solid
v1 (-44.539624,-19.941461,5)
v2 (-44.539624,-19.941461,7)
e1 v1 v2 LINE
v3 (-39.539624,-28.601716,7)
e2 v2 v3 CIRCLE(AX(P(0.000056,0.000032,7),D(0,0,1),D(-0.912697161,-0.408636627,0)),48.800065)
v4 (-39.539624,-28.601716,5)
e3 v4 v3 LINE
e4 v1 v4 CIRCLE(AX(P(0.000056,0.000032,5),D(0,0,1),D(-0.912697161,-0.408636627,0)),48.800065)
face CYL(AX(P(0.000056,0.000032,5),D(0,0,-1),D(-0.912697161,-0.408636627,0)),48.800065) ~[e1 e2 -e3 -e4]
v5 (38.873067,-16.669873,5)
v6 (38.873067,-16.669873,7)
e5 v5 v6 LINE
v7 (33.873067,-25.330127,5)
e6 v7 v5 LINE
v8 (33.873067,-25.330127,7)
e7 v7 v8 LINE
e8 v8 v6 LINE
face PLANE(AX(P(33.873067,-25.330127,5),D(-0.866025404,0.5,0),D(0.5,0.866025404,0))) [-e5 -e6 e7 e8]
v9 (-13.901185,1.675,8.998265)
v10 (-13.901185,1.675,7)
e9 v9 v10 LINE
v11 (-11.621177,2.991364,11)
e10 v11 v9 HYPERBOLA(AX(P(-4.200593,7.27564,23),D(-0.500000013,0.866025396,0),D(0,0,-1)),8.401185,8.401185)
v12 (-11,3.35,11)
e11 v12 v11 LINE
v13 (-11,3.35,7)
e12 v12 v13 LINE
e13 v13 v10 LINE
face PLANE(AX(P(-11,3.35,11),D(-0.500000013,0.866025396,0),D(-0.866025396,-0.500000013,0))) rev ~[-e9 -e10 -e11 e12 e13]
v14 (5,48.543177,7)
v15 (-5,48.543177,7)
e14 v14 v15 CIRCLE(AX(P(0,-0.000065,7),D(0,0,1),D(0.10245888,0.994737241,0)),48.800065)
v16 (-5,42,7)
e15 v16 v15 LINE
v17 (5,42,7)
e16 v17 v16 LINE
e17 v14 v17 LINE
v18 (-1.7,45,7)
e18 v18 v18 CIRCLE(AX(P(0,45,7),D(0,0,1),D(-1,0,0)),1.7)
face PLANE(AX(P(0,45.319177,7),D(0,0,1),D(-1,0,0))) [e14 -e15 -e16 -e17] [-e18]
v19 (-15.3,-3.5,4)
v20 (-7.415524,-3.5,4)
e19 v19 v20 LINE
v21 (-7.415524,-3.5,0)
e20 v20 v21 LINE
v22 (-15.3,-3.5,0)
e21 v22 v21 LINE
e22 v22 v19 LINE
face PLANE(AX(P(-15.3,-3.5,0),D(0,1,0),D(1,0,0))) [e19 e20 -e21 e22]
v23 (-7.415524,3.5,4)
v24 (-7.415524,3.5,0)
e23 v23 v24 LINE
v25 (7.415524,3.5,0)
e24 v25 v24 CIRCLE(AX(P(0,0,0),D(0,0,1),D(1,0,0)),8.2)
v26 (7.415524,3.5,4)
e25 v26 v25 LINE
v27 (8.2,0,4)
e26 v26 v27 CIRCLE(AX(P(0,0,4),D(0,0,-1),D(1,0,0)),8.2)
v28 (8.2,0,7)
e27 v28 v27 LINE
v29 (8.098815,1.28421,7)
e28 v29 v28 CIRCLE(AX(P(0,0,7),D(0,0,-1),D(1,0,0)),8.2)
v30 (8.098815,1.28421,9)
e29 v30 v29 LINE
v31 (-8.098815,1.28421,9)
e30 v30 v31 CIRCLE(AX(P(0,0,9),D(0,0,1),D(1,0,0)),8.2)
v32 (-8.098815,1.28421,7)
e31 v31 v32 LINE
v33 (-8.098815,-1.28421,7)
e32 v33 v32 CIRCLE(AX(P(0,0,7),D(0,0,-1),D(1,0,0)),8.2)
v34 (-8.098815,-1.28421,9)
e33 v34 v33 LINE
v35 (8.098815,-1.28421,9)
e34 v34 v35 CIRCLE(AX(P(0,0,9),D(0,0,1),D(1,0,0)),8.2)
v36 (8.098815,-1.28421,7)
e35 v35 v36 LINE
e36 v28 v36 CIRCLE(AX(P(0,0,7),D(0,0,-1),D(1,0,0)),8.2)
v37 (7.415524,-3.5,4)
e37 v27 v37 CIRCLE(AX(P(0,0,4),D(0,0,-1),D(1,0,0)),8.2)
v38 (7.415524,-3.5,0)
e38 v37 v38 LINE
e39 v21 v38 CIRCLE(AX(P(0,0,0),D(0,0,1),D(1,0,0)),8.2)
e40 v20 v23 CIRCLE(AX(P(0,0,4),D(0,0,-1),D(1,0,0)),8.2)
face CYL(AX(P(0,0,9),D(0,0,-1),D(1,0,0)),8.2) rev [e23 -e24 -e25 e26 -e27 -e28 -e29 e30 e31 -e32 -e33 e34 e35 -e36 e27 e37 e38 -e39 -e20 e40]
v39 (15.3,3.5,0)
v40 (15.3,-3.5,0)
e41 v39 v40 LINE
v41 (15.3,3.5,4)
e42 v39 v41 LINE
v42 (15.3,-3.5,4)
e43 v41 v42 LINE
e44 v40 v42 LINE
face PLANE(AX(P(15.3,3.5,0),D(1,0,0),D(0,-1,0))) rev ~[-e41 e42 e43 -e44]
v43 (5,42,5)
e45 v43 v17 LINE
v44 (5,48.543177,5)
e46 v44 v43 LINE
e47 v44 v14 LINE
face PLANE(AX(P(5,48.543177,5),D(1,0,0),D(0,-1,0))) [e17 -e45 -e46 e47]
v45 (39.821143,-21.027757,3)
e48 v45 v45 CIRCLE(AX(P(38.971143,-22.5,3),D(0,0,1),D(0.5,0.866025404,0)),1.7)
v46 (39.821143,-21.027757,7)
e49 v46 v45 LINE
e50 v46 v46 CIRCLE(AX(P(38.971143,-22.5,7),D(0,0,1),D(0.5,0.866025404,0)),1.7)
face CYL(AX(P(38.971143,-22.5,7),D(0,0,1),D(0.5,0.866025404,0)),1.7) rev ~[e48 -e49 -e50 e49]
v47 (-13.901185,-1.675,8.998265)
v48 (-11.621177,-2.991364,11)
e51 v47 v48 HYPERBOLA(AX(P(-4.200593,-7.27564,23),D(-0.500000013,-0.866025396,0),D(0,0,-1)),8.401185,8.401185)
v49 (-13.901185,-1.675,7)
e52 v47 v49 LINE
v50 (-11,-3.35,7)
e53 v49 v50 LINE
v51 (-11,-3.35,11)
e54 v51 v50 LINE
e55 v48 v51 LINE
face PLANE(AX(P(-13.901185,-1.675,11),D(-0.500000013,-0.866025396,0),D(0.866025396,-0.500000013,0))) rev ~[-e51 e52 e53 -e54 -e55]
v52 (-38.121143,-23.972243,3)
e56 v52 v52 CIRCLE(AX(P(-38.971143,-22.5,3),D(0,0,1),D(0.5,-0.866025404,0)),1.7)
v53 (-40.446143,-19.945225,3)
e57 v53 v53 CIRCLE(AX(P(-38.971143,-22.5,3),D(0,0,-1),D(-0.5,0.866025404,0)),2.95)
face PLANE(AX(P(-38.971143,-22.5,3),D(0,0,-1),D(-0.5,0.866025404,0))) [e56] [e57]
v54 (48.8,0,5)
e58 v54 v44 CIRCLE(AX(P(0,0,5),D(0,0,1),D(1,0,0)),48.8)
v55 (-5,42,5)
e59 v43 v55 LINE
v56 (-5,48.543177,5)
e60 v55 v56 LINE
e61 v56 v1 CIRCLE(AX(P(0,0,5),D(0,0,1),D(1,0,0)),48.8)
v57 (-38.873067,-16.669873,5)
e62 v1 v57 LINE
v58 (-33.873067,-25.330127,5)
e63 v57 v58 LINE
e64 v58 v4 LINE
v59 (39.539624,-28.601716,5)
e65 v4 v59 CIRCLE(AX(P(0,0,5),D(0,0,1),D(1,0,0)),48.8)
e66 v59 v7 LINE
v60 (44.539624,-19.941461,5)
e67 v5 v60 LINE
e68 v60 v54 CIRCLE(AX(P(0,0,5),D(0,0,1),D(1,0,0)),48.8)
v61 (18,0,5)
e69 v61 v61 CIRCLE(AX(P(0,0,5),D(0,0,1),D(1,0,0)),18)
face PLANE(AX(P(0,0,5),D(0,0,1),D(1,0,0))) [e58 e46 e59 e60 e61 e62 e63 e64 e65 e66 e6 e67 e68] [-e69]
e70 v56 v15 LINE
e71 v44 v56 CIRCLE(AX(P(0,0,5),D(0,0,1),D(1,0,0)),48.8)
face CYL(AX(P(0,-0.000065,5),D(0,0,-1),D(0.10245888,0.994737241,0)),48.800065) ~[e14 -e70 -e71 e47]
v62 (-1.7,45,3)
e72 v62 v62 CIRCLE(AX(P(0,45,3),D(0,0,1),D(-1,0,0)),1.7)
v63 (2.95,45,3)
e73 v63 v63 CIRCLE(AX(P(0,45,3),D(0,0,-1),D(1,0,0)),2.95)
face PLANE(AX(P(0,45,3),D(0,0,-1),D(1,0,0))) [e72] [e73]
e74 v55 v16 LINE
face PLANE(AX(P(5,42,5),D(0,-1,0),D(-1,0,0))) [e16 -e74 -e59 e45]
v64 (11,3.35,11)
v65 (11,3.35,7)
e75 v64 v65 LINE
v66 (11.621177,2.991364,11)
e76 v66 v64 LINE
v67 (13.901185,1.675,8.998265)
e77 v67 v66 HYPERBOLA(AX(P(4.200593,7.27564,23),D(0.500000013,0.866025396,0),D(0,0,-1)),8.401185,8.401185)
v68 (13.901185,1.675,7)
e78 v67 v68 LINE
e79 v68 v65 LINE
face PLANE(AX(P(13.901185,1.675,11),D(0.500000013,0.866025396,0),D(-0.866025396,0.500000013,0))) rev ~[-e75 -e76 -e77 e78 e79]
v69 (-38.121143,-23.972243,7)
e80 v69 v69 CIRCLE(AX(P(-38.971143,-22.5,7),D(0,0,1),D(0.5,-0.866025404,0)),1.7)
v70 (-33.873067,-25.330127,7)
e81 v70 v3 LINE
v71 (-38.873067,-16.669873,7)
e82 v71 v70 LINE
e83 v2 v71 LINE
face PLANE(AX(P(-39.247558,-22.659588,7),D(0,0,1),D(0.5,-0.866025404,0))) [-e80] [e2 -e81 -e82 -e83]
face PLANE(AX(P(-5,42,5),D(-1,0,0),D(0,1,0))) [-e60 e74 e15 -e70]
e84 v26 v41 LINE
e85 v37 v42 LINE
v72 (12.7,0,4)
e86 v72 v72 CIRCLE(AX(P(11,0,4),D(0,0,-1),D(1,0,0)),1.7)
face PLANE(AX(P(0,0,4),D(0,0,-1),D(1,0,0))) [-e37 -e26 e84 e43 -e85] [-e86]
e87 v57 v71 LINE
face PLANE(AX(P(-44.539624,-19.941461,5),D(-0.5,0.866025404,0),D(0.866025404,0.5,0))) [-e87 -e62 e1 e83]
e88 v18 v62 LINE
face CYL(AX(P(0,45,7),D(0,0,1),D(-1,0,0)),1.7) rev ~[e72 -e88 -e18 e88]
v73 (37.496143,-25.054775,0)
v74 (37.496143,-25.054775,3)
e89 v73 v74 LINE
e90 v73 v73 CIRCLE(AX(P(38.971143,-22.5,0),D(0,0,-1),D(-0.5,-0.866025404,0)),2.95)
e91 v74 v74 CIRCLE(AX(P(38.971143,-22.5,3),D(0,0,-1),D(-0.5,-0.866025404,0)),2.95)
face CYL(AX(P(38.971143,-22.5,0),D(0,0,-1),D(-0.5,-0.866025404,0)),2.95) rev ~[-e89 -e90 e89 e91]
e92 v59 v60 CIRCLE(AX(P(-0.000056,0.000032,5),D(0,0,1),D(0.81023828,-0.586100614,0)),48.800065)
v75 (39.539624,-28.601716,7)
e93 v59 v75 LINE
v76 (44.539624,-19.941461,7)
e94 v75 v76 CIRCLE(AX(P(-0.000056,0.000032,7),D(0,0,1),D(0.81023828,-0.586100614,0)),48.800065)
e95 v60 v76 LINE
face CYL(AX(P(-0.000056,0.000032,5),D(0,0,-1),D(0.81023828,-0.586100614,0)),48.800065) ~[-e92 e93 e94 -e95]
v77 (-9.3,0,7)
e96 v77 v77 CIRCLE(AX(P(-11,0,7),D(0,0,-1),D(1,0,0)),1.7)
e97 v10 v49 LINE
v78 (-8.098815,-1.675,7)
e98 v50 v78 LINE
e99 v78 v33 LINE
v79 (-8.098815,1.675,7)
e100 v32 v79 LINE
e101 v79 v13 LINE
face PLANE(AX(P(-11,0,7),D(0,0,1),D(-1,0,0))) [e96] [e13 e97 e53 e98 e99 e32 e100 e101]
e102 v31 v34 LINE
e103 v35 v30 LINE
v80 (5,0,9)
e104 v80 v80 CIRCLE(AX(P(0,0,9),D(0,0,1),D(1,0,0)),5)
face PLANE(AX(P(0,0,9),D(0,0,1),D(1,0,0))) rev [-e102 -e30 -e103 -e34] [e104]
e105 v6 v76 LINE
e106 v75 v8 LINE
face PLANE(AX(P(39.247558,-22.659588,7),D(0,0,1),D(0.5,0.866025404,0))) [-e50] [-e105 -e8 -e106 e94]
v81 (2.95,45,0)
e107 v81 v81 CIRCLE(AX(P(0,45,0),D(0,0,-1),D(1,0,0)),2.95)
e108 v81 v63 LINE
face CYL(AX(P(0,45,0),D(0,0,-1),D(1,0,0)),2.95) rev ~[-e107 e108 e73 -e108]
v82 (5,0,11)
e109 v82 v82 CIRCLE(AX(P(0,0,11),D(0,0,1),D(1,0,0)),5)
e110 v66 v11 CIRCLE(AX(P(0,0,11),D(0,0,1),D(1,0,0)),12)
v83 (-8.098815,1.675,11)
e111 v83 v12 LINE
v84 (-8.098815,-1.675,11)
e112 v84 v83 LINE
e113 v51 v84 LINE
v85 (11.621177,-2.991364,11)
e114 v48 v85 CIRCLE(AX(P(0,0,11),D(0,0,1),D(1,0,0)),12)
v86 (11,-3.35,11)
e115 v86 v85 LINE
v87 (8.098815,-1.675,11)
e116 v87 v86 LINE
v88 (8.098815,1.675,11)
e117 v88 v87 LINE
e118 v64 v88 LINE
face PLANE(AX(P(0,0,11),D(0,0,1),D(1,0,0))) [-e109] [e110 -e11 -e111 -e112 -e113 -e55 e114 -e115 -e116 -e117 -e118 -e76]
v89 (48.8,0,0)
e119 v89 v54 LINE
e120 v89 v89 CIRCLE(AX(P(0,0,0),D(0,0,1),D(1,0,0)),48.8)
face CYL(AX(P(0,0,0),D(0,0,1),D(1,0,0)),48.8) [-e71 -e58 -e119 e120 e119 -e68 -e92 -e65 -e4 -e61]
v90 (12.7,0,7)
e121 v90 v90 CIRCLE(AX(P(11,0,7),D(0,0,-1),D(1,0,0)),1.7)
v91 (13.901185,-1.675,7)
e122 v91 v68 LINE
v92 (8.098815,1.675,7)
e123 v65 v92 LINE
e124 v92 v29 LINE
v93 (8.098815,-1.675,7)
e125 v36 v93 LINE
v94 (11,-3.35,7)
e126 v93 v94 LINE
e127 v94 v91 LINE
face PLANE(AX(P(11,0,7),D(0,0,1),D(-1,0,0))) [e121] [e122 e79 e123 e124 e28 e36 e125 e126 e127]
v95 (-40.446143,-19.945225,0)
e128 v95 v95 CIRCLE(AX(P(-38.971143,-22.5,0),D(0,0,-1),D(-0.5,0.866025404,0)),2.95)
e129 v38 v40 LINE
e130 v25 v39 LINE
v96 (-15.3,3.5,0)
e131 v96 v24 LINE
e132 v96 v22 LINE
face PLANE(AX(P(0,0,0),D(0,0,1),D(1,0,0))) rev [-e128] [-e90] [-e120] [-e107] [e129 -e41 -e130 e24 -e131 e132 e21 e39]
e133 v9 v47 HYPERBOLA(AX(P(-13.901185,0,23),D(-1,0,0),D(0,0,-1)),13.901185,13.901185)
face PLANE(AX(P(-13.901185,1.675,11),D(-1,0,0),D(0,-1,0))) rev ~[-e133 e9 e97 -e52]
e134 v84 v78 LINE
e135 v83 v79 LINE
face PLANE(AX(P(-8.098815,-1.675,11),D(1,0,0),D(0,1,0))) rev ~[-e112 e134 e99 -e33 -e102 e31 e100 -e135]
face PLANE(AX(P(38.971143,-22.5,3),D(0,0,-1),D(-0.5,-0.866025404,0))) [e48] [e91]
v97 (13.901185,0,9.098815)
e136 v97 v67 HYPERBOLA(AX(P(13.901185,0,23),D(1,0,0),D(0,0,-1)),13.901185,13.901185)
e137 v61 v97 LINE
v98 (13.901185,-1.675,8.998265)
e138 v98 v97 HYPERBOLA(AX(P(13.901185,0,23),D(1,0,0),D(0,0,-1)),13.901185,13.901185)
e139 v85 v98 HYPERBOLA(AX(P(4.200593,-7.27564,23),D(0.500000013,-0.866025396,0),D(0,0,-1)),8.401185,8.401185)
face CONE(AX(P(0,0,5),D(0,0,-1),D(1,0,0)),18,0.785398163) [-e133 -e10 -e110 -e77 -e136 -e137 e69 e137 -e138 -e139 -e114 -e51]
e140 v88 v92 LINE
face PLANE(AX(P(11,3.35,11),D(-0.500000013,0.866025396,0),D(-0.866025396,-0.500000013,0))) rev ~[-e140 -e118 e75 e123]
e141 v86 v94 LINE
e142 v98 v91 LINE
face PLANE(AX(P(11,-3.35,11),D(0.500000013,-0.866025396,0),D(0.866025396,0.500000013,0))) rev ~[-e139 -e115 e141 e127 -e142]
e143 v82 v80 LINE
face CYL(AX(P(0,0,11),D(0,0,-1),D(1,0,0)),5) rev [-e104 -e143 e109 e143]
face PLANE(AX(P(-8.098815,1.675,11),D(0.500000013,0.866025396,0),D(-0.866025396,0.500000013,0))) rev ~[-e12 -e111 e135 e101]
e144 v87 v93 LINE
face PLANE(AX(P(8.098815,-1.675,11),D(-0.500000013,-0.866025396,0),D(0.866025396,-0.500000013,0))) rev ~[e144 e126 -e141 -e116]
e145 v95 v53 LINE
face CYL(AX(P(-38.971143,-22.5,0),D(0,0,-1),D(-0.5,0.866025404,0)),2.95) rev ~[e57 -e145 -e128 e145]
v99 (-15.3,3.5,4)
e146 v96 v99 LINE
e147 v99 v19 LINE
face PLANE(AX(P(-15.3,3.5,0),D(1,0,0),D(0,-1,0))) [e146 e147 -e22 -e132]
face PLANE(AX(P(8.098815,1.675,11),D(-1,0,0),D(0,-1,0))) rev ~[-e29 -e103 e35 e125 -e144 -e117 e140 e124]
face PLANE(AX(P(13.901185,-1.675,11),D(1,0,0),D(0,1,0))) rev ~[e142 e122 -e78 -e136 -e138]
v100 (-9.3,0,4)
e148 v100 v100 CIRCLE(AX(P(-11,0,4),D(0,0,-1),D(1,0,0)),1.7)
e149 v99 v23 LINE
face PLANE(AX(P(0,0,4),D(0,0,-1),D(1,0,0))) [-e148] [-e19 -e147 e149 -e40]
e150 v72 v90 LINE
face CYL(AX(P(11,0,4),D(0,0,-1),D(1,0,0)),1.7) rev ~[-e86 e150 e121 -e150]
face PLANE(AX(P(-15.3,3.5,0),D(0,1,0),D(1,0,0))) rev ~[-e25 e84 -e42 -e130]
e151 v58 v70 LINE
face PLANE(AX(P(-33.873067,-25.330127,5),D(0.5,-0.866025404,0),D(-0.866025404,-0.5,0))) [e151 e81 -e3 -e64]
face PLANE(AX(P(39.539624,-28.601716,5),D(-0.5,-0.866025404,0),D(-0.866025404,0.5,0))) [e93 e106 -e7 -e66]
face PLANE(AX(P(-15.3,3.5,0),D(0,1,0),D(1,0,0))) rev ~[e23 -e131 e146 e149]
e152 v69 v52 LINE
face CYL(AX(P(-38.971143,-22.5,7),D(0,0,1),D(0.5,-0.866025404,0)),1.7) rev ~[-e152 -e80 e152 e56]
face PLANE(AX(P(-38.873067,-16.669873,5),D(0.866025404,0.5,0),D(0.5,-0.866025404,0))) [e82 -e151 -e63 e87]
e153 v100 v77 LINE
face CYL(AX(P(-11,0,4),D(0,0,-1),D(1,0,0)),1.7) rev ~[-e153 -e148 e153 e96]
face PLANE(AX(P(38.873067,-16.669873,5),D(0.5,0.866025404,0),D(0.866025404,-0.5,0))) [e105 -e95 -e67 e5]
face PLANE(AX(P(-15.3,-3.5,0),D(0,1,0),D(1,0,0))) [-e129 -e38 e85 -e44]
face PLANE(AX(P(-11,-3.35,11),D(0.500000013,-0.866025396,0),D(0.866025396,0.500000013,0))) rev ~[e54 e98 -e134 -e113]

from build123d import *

# Parameters (mm, degrees)
SKETCH001_W        = 30.6
SKETCH001_H        = 7
POCKET_DEPTH       = 4
SKETCH002_R        = 1.7
POCKET001_DEPTH    = 7.001
POCKET002_DEPTH    = 4
PAD_DEPTH          = 2
SKETCH005_R        = 1.7
POCKET003_DEPTH    = 283.930739
SKETCH006_R        = 2.95
POCKET004_DEPTH    = 3
POLARPATTERN_COUNT = 3


with BuildPart() as part:
    # Sketch → Revolution (revolve)
    with BuildSketch(Plane.XZ):
        Polygon((5, 11), (5, 9), (8.2, 9), (8.2, 0), (48.8, 0), (48.8, 5), (18, 5), (12, 11), align=None)
    revolve(axis=Axis((0, 0, 0), (0, 0, 1)))

    # Sketch001 (on Face4 of Revolution) → Pocket (cut)
    with BuildSketch(Plane(origin=(0, 0, 0), x_dir=(1, 0, 0), z_dir=(0, 0, -1))):
        Rectangle(SKETCH001_W, SKETCH001_H)
    extrude(amount=-POCKET_DEPTH, mode=Mode.SUBTRACT)

    # Sketch002 (on Face11 of Pocket) → Pocket001 (cut, through all)
    with BuildSketch(Plane(origin=(0, 0, 4), x_dir=(1, 0, 0), z_dir=(0, 0, -1))):
        with Locations((-11, 0)):
            Circle(SKETCH002_R)
        with Locations((11, 0)):
            Circle(SKETCH002_R)
    extrude(amount=-POCKET001_DEPTH, mode=Mode.SUBTRACT)

    # Sketch003 (on Face2 of Pocket001) → Pocket002 (cut)
    with BuildSketch(Plane(origin=(0, 0, 11), x_dir=(-1, 0, 0), z_dir=(0, 0, 1))):
        Polygon((-11, -3.35), (-8.098815, -1.675), (-8.098815, 1.675), (-11, 3.35), (-13.901185, 1.675), (-13.901185, -1.675), align=None)
        Polygon((11, -3.35), (13.901185, -1.675), (13.901185, 1.675), (11, 3.35), (8.098815, 1.675), (8.098815, -1.675), align=None)
    extrude(amount=-POCKET002_DEPTH, mode=Mode.SUBTRACT)

    # Sketch004 (on Face18 of Pocket002) → Pad (join)
    with BuildSketch(Plane(origin=(0, 0, 5), x_dir=(-1, 0, 0), z_dir=(0, 0, 1))):
        with BuildLine():
            ThreePointArc((-5, -48.543177), (0, -48.8), (5, -48.543177))
            Line((5, -42), (5, -48.543177))
            Line((-5, -42), (5, -42))
            Line((-5, -48.543177), (-5, -42))
        make_face()
    pad = extrude(amount=PAD_DEPTH)

    # Sketch005 (on Face35 of Pad) → Pocket003 (cut, through all)
    with BuildSketch(Plane(origin=(0, 0, 7), x_dir=(-1, 0, 0), z_dir=(0, 0, 1))):
        with Locations((0, -45)):
            Circle(SKETCH005_R)
    pocket003 = extrude(amount=-POCKET003_DEPTH, mode=Mode.SUBTRACT)

    # Sketch006 (on Face23 of Pocket003) → Pocket004 (cut)
    with BuildSketch(Plane(origin=(0, 0, 0), x_dir=(1, 0, 0), z_dir=(0, 0, -1))):
        with Locations((0, -45)):
            Circle(SKETCH006_R)
    pocket004 = extrude(amount=-POCKET004_DEPTH, mode=Mode.SUBTRACT)

    # PolarPattern: Pad, Pocket003, Pocket004 ×3 about axis
    polarpattern_axis = Axis((0, 0, 5), (0, 0, 1))
    for i in range(1, POLARPATTERN_COUNT):
        add(pad.rotate(polarpattern_axis, i * 360 / POLARPATTERN_COUNT))
        add(pocket003.rotate(polarpattern_axis, i * 360 / POLARPATTERN_COUNT), mode=Mode.SUBTRACT)
        add(pocket004.rotate(polarpattern_axis, i * 360 / POLARPATTERN_COUNT), mode=Mode.SUBTRACT)


solid = part.part
